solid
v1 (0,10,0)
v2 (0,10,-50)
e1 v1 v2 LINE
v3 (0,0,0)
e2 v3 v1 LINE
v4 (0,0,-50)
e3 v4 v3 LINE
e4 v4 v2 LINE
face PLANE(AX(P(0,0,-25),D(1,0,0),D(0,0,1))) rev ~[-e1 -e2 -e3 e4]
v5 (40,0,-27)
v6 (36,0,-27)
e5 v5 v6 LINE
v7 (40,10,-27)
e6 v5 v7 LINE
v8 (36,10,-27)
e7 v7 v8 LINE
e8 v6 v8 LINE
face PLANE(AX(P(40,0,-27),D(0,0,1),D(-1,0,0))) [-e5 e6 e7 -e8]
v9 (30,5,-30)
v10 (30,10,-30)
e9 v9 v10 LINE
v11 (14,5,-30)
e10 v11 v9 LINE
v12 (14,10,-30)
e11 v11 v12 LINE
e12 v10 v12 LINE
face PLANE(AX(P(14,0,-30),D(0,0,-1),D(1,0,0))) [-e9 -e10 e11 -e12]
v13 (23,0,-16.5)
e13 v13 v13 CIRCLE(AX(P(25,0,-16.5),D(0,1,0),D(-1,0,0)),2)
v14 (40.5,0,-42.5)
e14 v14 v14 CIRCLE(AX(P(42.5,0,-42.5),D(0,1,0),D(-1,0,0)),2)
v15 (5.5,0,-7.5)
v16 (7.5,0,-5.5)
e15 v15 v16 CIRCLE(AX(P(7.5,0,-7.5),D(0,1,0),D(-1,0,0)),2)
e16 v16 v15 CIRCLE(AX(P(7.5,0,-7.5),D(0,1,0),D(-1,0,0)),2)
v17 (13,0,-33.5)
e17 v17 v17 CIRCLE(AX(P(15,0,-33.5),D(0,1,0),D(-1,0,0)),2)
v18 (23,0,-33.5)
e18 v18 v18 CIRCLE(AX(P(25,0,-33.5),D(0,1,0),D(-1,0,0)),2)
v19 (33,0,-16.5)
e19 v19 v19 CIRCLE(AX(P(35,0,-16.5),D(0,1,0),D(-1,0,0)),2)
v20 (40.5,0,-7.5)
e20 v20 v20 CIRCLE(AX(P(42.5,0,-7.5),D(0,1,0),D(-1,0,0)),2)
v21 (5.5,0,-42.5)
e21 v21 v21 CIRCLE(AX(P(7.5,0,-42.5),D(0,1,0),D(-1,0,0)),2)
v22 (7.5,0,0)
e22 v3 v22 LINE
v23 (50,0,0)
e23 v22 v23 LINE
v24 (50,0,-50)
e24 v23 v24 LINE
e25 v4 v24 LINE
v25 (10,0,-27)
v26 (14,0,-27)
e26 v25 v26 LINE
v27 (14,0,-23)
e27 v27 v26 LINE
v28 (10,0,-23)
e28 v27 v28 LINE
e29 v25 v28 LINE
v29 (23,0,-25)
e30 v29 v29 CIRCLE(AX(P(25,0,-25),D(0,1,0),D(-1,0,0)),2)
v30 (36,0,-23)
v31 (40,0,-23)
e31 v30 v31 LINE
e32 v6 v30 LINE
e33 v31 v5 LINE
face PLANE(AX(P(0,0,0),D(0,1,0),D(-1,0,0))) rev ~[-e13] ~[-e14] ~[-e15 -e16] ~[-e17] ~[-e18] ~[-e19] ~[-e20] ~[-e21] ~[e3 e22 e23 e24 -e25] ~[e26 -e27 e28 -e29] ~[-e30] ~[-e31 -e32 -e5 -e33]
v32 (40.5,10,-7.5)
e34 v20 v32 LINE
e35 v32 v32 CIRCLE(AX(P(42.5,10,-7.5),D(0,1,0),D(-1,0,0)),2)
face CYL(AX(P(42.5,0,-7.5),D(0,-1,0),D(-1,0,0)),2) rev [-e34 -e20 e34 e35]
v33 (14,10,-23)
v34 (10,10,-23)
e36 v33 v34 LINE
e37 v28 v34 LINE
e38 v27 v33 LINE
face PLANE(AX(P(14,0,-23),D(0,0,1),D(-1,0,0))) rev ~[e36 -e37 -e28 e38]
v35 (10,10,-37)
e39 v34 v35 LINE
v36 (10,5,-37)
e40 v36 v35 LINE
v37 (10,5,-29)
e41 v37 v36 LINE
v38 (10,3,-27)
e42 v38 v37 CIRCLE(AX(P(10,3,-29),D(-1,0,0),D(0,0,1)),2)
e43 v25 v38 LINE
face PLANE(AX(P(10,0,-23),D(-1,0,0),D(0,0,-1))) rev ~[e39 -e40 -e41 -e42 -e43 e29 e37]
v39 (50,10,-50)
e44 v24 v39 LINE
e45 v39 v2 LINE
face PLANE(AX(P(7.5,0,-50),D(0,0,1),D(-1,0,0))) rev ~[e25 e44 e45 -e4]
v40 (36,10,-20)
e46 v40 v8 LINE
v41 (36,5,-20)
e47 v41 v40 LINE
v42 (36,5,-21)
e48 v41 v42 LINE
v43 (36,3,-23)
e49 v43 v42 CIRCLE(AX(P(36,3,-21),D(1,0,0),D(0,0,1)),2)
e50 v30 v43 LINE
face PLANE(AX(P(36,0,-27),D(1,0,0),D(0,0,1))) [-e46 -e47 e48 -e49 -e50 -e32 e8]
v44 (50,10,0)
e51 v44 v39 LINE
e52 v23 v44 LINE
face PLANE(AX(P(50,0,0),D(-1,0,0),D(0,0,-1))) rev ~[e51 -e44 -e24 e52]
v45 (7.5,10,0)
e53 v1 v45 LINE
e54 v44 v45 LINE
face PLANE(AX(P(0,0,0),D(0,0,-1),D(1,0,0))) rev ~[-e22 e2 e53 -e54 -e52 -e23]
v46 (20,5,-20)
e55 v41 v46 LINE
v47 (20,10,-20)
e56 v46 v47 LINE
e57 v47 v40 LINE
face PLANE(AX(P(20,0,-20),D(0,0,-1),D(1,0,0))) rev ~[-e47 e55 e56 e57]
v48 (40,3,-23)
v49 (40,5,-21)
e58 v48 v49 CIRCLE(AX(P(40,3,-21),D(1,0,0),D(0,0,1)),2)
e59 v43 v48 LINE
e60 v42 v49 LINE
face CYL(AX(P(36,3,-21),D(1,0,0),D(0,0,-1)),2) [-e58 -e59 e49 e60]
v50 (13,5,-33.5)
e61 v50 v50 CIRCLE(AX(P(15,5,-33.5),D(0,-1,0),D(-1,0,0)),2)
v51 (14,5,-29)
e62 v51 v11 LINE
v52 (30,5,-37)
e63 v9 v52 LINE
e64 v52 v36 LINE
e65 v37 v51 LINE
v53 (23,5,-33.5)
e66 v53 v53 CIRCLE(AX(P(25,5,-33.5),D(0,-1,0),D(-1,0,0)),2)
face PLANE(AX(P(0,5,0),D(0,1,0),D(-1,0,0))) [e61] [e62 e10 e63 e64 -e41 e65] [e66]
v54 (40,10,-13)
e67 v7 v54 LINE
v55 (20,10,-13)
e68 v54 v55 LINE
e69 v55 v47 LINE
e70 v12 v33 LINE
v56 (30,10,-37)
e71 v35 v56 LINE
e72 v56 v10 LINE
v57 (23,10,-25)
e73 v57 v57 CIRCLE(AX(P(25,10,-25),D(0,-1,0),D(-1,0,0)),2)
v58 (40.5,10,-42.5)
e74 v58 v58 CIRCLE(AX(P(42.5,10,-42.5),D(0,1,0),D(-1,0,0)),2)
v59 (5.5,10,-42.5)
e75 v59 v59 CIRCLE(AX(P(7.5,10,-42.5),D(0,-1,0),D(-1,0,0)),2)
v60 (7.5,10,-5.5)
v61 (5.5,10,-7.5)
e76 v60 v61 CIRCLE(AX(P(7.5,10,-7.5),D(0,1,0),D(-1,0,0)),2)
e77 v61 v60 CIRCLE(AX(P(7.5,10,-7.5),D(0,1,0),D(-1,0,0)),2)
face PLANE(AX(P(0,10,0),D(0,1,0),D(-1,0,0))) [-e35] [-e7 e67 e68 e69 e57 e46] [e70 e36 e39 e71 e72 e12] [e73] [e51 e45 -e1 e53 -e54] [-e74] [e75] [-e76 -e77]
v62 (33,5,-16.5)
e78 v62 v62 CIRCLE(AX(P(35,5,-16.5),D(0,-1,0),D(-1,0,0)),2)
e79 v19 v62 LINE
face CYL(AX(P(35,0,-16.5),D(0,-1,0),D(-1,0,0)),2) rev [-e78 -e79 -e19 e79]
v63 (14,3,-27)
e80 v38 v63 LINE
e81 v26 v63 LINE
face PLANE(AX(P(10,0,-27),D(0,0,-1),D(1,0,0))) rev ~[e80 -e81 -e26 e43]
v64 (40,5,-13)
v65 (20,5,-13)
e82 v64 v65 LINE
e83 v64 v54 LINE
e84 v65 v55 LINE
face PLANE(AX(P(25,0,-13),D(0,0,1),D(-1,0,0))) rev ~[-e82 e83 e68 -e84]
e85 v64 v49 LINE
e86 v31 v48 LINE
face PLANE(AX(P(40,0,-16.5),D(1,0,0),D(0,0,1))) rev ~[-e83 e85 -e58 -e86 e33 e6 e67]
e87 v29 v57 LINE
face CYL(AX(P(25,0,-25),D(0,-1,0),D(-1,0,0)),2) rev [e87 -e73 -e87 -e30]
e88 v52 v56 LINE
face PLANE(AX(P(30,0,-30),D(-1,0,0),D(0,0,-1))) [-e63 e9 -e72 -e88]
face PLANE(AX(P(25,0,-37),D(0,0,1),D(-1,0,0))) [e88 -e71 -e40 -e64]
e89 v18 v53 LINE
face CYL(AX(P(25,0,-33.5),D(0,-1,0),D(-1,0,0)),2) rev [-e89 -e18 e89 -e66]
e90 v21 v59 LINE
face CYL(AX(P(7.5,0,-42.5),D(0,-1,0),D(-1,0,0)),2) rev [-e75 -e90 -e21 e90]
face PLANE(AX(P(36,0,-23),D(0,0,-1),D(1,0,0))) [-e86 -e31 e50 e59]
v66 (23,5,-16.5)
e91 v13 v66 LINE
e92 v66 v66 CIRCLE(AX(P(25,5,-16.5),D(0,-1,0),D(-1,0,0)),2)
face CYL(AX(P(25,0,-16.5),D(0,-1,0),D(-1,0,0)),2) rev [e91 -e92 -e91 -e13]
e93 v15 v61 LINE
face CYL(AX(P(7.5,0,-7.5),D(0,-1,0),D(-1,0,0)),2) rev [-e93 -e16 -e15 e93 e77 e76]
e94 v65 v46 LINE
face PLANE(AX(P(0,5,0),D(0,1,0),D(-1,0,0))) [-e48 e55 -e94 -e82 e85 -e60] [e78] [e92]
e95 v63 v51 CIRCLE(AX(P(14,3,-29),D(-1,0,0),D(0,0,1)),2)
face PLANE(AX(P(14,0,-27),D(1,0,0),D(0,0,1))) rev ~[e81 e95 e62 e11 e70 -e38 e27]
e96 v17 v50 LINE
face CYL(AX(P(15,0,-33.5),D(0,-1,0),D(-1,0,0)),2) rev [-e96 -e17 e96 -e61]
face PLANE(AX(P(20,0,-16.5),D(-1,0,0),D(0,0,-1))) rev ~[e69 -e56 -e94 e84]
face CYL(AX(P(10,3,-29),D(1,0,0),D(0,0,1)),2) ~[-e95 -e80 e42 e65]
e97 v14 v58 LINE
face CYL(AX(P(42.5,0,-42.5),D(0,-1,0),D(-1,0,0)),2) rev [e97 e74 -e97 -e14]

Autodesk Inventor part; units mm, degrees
ref_plane "YZ Plane" through (0, 0, 0) normal (1, 0, 0) x (0, 1, 0)
ref_plane "XZ Plane" through (0, 0, 0) normal (0, 1, 0) x (-1, 0, 0)
ref_plane "XY Plane" through (0, 0, 0) normal (0, 0, 1) x (1, 0, 0)
sketch "Sketch1" plane through (0, 0, 0) normal (0, 1, 0) x (-1, 0, 0)
  point P0 (0, 0)
sketch "Sketch2" plane through (0, 0, 0) normal (0, 1, 0) x (-1, 0, 0)
  line L0 (0, 0) -> (-50, 0)
  line L1 (-50, 0) -> (-50, -50)
  line L2 (-50, -50) -> (0, -50)
  line L3 (0, -50) -> (0, 0)
  line L4 (0, -25) -> (-11.3835, -25)
  line L5 (-25, -50) -> (-25, 0)
  circle A0 centre (-7.5, -42.5) radius 2
  circle A1 centre (-7.5, -7.5) radius 2
  line L6 (-7.5, -42.5) -> (-7.5, -50)
  line L7 (-7.5, -7.5) -> (-7.5, 0)
  line L8 (-7.5, -42.5) -> (0, -42.5)
  line L9 (-10, -27) -> (-14, -27)
  line L10 (-14, -27) -> (-14, -23)
  line L11 (-14, -23) -> (-10, -23)
  line L12 (-10, -23) -> (-10, -27)
  circle A2 centre (-42.5, -42.5) radius 2
  circle A3 centre (-42.5, -7.5) radius 2
  line L13 (-40, -27) -> (-36, -27)
  line L14 (-36, -27) -> (-36, -23)
  line L15 (-36, -23) -> (-40, -23)
  line L16 (-40, -23) -> (-40, -27)
  circle A4 centre (-25, -25) radius 2
  line L17 (-14, -27) -> (-14, -30)
  line L18 (-14, -30) -> (-30, -30)
  line L19 (-30, -30) -> (-30, -37)
  line L20 (-30, -37) -> (-10, -37)
  line L21 (-10, -37) -> (-10, -27)
  line L22 (-40, -23) -> (-40, -13)
  line L23 (-40, -13) -> (-20, -13)
  line L24 (-20, -13) -> (-20, -20)
  line L25 (-20, -20) -> (-36, -20)
  line L26 (-36, -20) -> (-36, -23)
  line L27 (-30, -33.5) -> (-10, -33.5)
  line L28 (-20, -16.5) -> (-40, -16.5)
  circle A5 centre (-25, -33.5) radius 2
  circle A6 centre (-15, -33.5) radius 2
  circle A7 centre (-25, -16.5) radius 2
  circle A8 centre (-35, -16.5) radius 2
  point P0 (-10, -25)
  point P1 (-40, -25)
  dimension "d0" = 50
  dimension "d1" = 4
  dimension "d2" = 35
  dimension "d6" = 4
  dimension "d7" = 10
  dimension "d8" = 4
  dimension "d9" = 10
  dimension "d10" = 7
  dimension "d11" = 20
  dimension "d12" = 10
  dimension "d13" = 10
  dimension "d14" = 4
  dimension "d15" = 4
  dimension "d16" = 4
  dimension "d17" = 4
extrude "Extrusion1" add sketch "Sketch2" along normal blind 10 contours L3 L4 L12 L11 L10 L17 L18 L5 A4 L25 L24 L23 L0 | L3 L8 A0 L6 L2 L5 L20 L21 L12 L4 | L5 L23 L22 L16 L13 L14 L26 L25 A4 L18 L19 L20 L2 L1 L0 | L3 L2 L6 A0 L8
extrude "Extrusion2" add sketch "Sketch2" along normal blind 5 contours L23 L24 L28 A7 L5 | L5 A7 L28 A8 L22 L23 | L21 L27 A6 A5 L5 L18 L17 L9 | L21 L20 L5 A5 L27 A6 | L28 L24 L25 L5 A7 | A7 L5 L25 L26 L15 L22 L28 A8 | L20 L19 L27 A5 L5 | L5 A5 L27 L19 L18
fillet "Fillet1" radius 2 2 edges at (12, 5, -27) (38, 5, -23)
equation "\"d0\" = width"
equation "\"d1\" = screw_hole_diameter"
equation "\"d2\" = hole_spacing"
equation "\"d6\" = cabel_channel_depth"
equation "\"d7\" = rail_depth"
equation "\"d8\" = screw_hole_diameter"
equation "\"d18\" = plate_thicknes"
equation "\"d20\" = 0.5 * plate_thicknes"
equation "\"plate_thicknes\" = 10"
equation "\"width\" = 50"
equation "\"screw_hole_diameter\" = 4"
equation "\"hole_spacing\" = 35"
equation "\"cabel_channel_depth\" = 4"
equation "\"rail_depth\" = 10"
properties part number "2_inner_leg_top_plate"
